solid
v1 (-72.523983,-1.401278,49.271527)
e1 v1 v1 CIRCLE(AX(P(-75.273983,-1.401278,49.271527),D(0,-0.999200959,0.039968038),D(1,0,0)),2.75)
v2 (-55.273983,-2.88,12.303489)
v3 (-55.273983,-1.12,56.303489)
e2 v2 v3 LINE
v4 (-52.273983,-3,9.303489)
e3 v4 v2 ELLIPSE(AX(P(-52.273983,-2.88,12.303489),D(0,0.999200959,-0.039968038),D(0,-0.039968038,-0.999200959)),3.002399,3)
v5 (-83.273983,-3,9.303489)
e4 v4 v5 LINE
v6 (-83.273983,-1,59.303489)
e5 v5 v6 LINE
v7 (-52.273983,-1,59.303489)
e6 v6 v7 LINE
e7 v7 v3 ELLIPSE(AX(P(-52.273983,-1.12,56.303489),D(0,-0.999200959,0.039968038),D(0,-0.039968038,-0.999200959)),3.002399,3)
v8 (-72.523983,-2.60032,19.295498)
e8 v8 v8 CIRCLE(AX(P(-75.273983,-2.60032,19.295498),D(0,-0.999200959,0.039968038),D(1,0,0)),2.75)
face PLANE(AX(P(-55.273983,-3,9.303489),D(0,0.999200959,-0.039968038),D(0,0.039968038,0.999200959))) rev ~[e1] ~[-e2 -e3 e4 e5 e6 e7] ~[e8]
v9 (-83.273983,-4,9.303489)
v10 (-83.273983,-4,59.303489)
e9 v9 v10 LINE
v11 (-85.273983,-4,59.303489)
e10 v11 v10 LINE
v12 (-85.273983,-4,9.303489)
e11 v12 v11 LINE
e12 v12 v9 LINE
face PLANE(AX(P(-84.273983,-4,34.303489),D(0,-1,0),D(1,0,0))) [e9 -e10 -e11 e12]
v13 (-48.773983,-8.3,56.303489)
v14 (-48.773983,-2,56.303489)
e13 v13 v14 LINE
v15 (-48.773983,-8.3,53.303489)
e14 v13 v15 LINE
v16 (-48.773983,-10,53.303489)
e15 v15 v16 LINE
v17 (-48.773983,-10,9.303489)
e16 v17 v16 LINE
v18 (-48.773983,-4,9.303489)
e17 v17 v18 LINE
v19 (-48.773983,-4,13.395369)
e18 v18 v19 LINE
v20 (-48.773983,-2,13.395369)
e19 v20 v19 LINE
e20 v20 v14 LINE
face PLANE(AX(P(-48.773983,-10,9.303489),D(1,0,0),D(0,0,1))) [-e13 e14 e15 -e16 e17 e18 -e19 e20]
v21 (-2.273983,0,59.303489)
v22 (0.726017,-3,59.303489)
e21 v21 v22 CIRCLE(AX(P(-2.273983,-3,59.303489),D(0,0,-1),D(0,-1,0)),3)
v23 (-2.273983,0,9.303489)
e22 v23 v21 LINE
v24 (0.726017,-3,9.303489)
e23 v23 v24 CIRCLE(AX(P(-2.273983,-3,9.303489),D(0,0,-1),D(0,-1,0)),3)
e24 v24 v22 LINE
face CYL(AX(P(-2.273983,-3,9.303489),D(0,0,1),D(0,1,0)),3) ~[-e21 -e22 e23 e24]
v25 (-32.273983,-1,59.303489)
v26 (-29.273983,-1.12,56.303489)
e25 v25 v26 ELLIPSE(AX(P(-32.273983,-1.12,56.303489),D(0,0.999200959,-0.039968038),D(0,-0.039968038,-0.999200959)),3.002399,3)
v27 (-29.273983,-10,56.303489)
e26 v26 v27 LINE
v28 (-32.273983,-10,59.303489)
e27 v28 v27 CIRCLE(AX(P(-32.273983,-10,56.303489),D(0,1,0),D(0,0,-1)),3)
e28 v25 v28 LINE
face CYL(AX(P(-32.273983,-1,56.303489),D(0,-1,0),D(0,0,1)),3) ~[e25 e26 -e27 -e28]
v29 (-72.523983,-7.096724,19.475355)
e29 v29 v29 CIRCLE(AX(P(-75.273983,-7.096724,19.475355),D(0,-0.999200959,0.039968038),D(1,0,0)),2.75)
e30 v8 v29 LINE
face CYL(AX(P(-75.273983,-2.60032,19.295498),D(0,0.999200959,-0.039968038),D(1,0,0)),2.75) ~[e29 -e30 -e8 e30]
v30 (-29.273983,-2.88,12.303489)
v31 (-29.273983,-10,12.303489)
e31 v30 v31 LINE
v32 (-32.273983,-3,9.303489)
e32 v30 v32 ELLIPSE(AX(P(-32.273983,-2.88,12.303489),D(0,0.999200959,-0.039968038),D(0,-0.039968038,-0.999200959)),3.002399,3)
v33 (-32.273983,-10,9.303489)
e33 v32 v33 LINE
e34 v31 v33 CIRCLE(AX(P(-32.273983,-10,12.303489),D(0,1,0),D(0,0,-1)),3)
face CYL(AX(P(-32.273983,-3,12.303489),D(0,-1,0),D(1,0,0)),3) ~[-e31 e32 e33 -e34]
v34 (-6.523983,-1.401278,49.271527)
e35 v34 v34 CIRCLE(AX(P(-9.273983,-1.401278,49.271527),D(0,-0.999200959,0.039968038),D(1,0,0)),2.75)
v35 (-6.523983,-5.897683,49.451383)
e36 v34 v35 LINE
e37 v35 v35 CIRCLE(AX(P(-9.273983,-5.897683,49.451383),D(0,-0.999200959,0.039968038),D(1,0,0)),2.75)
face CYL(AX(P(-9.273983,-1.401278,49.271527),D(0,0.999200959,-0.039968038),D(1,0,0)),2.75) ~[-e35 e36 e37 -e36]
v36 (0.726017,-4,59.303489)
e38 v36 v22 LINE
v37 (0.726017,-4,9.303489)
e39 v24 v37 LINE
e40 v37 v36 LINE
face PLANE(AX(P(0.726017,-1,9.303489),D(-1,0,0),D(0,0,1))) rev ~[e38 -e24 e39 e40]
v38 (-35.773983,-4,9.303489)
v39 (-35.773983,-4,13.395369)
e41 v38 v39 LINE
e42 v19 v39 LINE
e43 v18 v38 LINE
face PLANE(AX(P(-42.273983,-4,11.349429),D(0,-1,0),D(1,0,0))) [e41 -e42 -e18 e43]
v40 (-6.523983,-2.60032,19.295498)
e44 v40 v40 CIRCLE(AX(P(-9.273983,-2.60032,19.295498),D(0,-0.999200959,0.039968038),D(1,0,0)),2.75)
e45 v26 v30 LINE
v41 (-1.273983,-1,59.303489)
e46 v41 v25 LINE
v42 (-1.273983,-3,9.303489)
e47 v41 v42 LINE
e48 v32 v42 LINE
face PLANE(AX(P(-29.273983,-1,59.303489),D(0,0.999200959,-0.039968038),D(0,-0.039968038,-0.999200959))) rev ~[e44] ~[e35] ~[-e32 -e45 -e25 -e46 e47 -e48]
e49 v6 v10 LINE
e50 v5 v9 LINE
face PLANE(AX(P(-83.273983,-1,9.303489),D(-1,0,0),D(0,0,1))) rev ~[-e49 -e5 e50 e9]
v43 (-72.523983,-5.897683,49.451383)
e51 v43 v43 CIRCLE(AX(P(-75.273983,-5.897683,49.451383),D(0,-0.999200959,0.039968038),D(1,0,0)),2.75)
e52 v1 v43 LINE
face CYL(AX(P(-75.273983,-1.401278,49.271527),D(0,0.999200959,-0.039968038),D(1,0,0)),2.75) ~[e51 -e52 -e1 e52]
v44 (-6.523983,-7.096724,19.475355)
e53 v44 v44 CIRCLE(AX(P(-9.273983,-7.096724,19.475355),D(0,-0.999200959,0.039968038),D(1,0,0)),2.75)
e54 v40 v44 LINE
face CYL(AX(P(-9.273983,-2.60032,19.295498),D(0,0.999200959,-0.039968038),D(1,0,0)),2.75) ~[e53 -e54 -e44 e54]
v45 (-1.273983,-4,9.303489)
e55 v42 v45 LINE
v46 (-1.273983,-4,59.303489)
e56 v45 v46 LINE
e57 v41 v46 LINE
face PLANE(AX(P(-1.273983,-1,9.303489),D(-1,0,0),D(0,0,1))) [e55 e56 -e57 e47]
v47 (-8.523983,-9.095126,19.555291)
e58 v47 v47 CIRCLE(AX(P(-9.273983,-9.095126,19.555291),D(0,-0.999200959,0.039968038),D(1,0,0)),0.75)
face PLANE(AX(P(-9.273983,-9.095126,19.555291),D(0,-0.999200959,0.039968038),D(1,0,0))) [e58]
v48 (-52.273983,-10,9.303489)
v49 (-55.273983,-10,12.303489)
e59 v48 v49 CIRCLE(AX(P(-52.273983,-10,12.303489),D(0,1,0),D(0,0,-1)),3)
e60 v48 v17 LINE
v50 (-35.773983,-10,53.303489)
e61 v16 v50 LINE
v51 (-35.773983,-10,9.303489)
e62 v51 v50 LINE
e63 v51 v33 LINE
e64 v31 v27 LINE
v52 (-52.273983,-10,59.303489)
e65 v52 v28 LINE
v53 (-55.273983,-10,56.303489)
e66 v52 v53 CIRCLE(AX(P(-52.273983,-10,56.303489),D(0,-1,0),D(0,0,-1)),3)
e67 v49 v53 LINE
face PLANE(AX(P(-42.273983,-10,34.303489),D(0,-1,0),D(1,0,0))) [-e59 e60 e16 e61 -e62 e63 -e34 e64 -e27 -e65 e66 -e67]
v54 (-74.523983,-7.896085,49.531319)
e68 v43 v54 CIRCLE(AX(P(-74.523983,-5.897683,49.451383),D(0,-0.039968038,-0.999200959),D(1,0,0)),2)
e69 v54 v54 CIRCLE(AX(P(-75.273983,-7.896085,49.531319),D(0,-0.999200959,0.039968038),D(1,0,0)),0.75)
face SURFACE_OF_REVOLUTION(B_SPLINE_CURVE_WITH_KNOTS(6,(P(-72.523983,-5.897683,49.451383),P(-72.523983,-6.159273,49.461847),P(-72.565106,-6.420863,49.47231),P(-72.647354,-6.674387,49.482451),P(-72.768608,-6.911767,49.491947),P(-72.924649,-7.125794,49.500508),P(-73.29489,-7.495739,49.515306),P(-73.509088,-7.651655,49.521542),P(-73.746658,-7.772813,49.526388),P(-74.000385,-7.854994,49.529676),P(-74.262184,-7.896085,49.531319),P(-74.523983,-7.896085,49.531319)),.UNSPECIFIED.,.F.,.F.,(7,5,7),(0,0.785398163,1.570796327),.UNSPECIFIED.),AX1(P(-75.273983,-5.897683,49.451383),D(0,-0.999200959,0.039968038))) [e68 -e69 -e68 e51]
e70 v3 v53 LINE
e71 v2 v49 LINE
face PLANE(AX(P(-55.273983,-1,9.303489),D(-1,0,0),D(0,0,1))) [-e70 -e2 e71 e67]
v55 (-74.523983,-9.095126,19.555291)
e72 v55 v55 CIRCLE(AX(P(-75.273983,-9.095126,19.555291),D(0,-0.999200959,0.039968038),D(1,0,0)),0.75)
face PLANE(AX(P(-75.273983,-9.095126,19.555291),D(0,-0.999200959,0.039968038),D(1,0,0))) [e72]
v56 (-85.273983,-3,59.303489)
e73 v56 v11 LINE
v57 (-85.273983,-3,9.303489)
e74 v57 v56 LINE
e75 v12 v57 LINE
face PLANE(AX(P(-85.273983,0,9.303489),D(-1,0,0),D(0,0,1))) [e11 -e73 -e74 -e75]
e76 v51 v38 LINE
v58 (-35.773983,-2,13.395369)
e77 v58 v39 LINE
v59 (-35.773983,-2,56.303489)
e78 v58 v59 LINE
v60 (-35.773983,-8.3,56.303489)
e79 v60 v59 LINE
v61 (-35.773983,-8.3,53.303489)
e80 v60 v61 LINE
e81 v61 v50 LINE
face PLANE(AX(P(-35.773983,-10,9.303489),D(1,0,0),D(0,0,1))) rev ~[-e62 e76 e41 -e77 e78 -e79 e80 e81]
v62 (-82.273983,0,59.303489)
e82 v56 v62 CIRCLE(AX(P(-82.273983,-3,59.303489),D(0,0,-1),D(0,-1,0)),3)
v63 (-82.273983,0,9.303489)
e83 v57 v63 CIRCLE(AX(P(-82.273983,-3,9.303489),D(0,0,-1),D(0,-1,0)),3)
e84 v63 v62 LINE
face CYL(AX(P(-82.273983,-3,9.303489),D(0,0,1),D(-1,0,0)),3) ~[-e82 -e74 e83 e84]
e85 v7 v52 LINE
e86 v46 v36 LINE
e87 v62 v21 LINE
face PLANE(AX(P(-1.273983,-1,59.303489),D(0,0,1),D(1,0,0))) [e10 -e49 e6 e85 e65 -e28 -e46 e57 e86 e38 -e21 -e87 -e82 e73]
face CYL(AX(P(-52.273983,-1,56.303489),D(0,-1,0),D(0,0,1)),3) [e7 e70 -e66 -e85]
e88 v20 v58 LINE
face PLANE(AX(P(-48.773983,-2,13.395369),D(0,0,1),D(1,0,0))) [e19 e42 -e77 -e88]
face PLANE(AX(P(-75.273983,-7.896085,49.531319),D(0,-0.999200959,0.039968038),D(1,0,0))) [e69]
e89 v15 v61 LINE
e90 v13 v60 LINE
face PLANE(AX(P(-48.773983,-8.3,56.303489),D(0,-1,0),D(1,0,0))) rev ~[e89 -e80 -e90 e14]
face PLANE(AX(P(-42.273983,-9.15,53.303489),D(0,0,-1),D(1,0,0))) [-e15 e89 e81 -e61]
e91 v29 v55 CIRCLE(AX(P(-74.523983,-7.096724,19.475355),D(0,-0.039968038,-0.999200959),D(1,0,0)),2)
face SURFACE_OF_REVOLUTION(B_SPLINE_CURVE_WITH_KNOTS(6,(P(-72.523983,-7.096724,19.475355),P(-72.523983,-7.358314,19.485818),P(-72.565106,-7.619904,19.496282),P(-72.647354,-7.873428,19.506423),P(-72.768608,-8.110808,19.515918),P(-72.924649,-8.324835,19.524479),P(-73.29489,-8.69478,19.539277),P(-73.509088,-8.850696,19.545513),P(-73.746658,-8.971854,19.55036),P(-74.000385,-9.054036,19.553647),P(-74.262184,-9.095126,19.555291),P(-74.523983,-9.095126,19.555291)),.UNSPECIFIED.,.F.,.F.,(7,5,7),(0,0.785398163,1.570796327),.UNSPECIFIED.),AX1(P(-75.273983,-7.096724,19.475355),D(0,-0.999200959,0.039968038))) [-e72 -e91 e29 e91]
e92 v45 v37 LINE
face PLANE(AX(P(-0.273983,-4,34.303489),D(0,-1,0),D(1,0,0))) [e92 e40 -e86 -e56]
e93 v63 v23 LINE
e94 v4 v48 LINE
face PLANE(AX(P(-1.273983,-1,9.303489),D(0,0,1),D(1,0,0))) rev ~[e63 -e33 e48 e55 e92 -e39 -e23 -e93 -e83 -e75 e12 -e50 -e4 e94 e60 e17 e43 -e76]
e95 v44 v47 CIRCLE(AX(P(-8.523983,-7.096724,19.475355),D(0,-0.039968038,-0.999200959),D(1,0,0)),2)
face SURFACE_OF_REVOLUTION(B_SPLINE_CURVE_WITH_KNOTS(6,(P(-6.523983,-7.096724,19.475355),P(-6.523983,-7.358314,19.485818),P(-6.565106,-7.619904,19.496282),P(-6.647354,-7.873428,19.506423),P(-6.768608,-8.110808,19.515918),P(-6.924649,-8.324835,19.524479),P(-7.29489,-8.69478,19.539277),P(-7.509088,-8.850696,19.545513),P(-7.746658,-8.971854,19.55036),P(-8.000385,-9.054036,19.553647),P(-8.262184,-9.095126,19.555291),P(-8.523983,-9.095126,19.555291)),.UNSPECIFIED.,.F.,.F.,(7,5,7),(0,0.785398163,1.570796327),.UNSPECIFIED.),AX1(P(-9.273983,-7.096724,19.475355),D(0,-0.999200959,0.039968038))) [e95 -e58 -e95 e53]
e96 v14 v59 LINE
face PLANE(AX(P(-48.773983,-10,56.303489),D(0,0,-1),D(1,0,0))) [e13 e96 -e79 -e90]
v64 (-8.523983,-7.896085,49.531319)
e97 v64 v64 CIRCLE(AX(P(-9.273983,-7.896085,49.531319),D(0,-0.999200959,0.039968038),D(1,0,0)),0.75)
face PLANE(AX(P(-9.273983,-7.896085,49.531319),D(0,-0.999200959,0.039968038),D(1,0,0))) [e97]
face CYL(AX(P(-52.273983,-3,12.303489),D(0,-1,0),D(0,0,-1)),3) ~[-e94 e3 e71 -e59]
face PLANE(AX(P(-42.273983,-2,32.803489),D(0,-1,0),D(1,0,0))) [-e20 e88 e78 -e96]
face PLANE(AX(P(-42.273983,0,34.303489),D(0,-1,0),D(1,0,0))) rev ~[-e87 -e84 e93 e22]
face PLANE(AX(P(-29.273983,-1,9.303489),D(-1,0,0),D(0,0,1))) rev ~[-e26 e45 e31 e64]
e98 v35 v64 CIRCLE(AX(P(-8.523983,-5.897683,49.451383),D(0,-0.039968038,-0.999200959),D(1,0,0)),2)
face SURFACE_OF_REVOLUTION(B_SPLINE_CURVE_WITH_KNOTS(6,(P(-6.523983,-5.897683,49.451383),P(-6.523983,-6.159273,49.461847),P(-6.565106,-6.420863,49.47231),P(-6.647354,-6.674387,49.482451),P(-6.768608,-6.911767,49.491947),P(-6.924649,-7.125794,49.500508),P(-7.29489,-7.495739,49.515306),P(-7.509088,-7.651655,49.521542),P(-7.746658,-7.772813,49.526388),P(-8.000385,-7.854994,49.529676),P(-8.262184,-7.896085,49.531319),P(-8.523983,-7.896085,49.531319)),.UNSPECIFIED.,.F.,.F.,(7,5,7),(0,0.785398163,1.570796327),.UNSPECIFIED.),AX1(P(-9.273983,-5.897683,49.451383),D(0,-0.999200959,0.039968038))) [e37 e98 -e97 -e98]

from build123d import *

# Parameters (mm, degrees)
F0_W      = 86
F0_H      = 50
F1_DEPTH  = 1
F2_W      = 26
F2_H      = 50
F3_DEPTH  = 9
F4_W      = 13
F4_H      = 47
F5_DEPTH  = 8
F6_W      = 13
F6_H      = 4.0918802842
F7_DEPTH  = 2
F8_W      = 13
F8_H      = 1.7
F9_DEPTH  = 3
F11_DEPTH = 28
F13_DEPTH = 28
F14_W     = 2
F14_H     = 50
F15_DEPTH = 3
F16_R     = 3
F17_R     = 2.75
F18_DEPTH = 6.5
F19_R     = 2
F20_R     = 3


with BuildPart() as f1:
    # F0 (on Front) → F1 (new body)
    with BuildSketch(Plane.XZ):
        with Locations((-42.2739830759, 34.3034887686)):
            Rectangle(F0_W, F0_H)
    extrude(amount=F1_DEPTH)

    # F2 (on face) → F3 (join)
    with BuildSketch(Plane.XZ.offset(1)):
        with Locations((-42.2739830759, 34.3034887686)):
            Rectangle(F2_W, F2_H)
    extrude(amount=F3_DEPTH)

    # F4 (on face) → F5 (cut)
    with BuildSketch(Plane.XZ.offset(10)):
        with Locations((-42.2739830759, 32.8034887686)):
            Rectangle(F4_W, F4_H)
    extrude(amount=-F5_DEPTH, mode=Mode.SUBTRACT)

    # F6 (on face) → F7 (join)
    with BuildSketch(Plane.XZ.offset(2)):
        with Locations((-42.2739830759, 11.3494289108)):
            Rectangle(F6_W, F6_H)
    extrude(amount=F7_DEPTH)

    # F8 (on face) → F9 (join)
    with BuildSketch(Plane(origin=(0, 0, 56.3034887686), x_dir=(1, 0, 0), z_dir=(0, 0, -1))):
        with Locations((-42.2739830759, 9.15)):
            Rectangle(F8_W, F8_H)
    extrude(amount=F9_DEPTH)

    # F10 (on face) → F11 (join)
    with BuildSketch(Plane(origin=(-55.2739830759, 0, 0), x_dir=(0, -1, 0), z_dir=(-1, 0, 0))):
        Polygon((3, 9.3034887686), (1, 59.3034887686), (1, 9.3034887686), align=None)
    extrude(amount=F11_DEPTH)

    # F12 (on face) → F13 (join)
    with BuildSketch(Plane.YZ.offset(-29.2739830759)):
        Polygon((-1, 9.3034887686), (-1, 59.3034887686), (-3, 9.3034887686), align=None)
    extrude(amount=F13_DEPTH)

    # F14 (on face) → F15 (join)
    with BuildSketch(Plane.XZ.offset(1)):
        with Locations((-0.2739830759, 34.3034887686)):
            Rectangle(F14_W, F14_H)
        with Locations((-84.2739830759, 34.3034887686)):
            Rectangle(F14_W, F14_H)
    extrude(amount=F15_DEPTH)

    # F16
    f16_edges = [f1.edges().sort_by_distance(p)[0] for p in [
        (-85.273983, 0, 34.303489),
        (0.726017, 0, 34.303489),
    ]]
    fillet(f16_edges, radius=F16_R)

    # F17 (on face) → F18 (join)
    with BuildSketch(Plane(origin=(0, -3.3667527464, 0.1346701099), x_dir=(1, 0, 0), z_dir=(0, -0.9992009587, 0.0399680383))):
        with Locations((-9.2739830759, 49.176150782)):
            Circle(F17_R)
        with Locations((-9.2739830759, 19.176150782)):
            Circle(F17_R)
        with Locations((-75.2739830759, 49.176150782)):
            Circle(F17_R)
        with Locations((-75.2739830759, 19.176150782)):
            Circle(F17_R)
    extrude(amount=F18_DEPTH)

    # F19
    f19_edges = [f1.edges().sort_by_distance(p)[0] for p in [
        (-78.023983, -7.896085, 49.531319),
        (-78.023983, -9.095126, 19.555291),
        (-12.023983, -7.896085, 49.531319),
        (-12.023983, -9.095126, 19.555291),
    ]]
    fillet(f19_edges, radius=F19_R)

    # F20
    f20_edges = [f1.edges().sort_by_distance(p)[0] for p in [
        (-29.273983, -5.5, 59.303489),
        (-55.273983, -5.5, 59.303489),
        (-29.273983, -6.5, 9.303489),
        (-55.273983, -6.5, 9.303489),
    ]]
    fillet(f20_edges, radius=F20_R)


solid = f1.part
